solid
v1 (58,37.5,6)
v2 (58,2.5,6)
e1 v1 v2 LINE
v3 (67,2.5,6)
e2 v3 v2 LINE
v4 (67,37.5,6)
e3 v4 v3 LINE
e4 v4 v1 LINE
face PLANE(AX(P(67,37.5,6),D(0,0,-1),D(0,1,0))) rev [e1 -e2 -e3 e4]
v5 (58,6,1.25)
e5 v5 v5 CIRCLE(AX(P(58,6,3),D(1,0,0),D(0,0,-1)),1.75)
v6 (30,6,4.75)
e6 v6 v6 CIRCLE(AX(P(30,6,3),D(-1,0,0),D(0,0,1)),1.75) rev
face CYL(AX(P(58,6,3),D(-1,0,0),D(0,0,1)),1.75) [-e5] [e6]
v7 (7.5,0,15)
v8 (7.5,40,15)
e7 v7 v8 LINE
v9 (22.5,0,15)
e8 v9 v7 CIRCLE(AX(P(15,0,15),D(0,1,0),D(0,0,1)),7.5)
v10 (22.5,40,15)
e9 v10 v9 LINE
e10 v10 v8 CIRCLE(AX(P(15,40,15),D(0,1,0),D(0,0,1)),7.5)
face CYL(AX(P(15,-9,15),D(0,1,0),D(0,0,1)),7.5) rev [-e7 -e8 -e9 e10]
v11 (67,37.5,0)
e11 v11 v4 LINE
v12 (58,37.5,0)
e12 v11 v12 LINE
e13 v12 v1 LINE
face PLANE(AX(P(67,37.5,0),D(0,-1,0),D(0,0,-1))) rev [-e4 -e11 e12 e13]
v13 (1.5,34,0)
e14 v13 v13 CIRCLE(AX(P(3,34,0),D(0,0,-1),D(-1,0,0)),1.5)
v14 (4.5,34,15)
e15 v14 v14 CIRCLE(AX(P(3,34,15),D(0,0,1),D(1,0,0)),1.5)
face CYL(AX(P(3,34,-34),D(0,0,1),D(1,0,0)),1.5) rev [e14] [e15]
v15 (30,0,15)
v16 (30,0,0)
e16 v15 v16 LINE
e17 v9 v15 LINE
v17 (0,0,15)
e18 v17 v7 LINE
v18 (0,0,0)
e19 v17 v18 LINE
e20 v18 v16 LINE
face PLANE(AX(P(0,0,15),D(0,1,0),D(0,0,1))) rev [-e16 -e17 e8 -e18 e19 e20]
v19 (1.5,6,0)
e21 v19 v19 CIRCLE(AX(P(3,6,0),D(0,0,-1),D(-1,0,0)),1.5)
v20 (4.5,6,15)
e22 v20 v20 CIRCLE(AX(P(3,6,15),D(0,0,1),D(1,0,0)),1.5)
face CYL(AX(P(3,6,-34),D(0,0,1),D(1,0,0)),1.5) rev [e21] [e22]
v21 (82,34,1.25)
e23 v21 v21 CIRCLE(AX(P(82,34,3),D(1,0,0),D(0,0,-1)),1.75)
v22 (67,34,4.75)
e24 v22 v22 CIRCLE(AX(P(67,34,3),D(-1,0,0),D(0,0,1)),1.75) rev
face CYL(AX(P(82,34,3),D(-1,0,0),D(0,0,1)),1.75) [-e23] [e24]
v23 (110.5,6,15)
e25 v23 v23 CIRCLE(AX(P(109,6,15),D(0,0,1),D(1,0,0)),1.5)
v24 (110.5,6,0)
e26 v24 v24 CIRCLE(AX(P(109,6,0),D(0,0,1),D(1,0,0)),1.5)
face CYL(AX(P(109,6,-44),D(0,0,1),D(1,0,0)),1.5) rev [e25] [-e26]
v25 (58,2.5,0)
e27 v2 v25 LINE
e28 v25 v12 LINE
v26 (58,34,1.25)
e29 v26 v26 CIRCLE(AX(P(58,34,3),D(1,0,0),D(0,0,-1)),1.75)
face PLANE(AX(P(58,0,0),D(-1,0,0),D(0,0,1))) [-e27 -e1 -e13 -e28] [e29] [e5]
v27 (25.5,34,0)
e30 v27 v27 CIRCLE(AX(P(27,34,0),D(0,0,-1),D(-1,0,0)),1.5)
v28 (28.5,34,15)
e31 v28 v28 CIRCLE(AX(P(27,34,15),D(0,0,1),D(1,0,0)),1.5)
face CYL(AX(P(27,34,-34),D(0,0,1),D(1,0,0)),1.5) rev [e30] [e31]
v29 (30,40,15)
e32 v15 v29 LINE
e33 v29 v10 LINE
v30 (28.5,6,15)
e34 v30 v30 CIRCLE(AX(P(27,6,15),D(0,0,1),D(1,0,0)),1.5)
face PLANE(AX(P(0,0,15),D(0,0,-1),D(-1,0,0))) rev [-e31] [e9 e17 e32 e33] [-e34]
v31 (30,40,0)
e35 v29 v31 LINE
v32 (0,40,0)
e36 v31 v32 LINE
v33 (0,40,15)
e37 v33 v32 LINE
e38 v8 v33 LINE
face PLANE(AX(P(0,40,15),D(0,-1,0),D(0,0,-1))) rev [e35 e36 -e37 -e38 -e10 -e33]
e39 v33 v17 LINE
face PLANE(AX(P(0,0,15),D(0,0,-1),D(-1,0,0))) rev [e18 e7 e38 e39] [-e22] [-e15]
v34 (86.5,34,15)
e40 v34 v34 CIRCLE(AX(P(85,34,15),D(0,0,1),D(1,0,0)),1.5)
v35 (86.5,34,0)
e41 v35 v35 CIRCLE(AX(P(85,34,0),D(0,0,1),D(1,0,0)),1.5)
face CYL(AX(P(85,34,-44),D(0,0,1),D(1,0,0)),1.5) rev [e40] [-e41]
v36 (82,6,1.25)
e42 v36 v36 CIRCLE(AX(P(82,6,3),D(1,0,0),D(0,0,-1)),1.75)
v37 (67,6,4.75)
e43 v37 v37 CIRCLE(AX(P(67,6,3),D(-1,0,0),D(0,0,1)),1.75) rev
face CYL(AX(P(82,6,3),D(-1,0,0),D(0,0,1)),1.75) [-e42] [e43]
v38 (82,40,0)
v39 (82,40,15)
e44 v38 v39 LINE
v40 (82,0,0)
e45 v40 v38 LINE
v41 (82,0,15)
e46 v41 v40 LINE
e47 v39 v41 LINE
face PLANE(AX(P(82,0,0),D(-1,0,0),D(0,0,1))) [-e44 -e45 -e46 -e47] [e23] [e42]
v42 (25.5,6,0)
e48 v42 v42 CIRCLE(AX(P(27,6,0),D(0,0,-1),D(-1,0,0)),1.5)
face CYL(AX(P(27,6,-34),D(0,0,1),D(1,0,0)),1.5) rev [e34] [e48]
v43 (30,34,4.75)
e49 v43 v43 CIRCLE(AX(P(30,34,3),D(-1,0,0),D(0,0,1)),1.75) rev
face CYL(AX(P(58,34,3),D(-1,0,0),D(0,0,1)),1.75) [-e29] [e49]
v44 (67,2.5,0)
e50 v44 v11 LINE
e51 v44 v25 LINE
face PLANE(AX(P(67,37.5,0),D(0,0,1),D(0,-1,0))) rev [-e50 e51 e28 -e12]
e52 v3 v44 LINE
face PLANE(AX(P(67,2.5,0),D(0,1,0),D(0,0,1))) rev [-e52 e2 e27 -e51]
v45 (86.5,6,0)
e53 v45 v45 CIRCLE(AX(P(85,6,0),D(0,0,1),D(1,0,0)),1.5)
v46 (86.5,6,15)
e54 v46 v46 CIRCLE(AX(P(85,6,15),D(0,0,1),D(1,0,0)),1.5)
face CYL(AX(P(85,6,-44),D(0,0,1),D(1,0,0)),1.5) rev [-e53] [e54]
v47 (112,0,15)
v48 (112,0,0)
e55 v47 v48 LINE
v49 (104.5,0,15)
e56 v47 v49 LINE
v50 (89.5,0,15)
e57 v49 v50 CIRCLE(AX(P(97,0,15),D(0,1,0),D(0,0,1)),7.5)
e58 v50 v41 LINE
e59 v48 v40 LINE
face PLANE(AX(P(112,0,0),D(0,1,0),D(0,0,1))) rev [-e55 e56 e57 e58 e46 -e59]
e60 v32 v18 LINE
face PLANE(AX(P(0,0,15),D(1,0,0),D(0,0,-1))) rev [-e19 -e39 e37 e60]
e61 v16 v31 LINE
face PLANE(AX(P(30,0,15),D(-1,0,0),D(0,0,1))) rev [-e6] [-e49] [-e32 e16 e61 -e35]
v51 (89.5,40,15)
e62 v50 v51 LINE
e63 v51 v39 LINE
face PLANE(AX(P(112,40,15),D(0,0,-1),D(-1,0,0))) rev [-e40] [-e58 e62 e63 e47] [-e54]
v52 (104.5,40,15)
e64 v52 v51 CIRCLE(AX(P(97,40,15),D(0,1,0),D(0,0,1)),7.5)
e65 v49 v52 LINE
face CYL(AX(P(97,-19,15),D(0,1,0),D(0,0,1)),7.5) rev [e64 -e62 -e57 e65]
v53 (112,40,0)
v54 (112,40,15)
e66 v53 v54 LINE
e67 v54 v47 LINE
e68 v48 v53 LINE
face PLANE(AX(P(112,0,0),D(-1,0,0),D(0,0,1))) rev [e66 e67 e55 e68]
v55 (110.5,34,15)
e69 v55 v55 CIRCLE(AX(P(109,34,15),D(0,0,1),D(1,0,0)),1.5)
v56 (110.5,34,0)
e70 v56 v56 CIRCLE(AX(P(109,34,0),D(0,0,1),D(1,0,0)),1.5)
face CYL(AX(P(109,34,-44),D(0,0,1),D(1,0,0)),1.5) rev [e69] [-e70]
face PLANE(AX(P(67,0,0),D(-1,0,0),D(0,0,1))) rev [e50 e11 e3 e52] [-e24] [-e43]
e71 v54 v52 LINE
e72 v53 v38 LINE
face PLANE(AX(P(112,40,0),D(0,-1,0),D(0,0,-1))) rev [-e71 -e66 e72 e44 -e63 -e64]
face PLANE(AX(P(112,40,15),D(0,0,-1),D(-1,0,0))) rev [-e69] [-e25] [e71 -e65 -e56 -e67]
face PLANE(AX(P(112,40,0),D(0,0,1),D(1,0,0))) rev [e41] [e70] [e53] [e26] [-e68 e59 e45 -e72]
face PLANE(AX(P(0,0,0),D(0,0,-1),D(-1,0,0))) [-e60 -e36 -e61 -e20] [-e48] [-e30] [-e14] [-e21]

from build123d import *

# Parameters (mm, degrees)
SKETCH1_W           = 30
SKETCH1_H           = 40
BOSS_EXTRUDE1_DEPTH = 15
CUT_EXTRUDE1_DEPTH  = 49
SKETCH3_R           = 1.5
CUT_EXTRUDE2_DEPTH  = 49
SKETCH4_R           = 1.75
BOSS_EXTRUDE2_DEPTH = 28
SKETCH5_W           = 6
SKETCH5_H           = 35
BOSS_EXTRUDE3_DEPTH = 9
SKETCH6_R           = 1.75
BOSS_EXTRUDE4_DEPTH = 15
SKETCH7_W           = 15
SKETCH7_H           = 40
BOSS_EXTRUDE6_DEPTH = 30
CUT_EXTRUDE3_DEPTH  = 59
SKETCH10_R          = 1.5
CUT_EXTRUDE4_DEPTH  = 59


with BuildPart() as part:
    # Sketch1 → Boss-Extrude1 (new body)
    with BuildSketch(Plane.XY):
        with Locations((15, 20)):
            Rectangle(SKETCH1_W, SKETCH1_H)
    extrude(amount=BOSS_EXTRUDE1_DEPTH)

    # Sketch2 → Cut-Extrude1 (cut)
    with BuildSketch(Plane(origin=(0, 40, 0), x_dir=(1, 0, 0), z_dir=(0, 1, 0))):
        with BuildLine():
            Line((7.5, -15), (22.5, -15))
            ThreePointArc((22.5, -15), (15, -7.5), (7.5, -15))
        make_face()
    extrude(amount=-CUT_EXTRUDE1_DEPTH, mode=Mode.SUBTRACT)

    # Sketch3 → Cut-Extrude2 (cut)
    with BuildSketch(Plane.XY.offset(15)):
        with Locations((3, 34)):
            Circle(SKETCH3_R)
        with Locations((3, 6)):
            Circle(SKETCH3_R)
        with Locations((27, 34)):
            Circle(SKETCH3_R)
        with Locations((27, 6)):
            Circle(SKETCH3_R)
    extrude(amount=-CUT_EXTRUDE2_DEPTH, mode=Mode.SUBTRACT)

    # Sketch4 → Boss-Extrude2 (add)
    with BuildSketch(Plane(origin=(30, 0, 0), x_dir=(0, 0, -1), z_dir=(1, 0, 0))):
        with Locations(Location((-3, 34, 0), (0, 0, 180))):
            Circle(SKETCH4_R)
        with Locations(Location((-3, 6, 0), (0, 0, 180))):
            Circle(SKETCH4_R)
    extrude(amount=BOSS_EXTRUDE2_DEPTH)

    # Sketch5 → Boss-Extrude3 (add)
    with BuildSketch(Plane(origin=(58, 0, 0), x_dir=(0, 0, -1), z_dir=(1, 0, 0))):
        with Locations((-3, 20)):
            Rectangle(SKETCH5_W, SKETCH5_H)
    extrude(amount=BOSS_EXTRUDE3_DEPTH)

    # Sketch6 → Boss-Extrude4 (add)
    with BuildSketch(Plane(origin=(67, 0, 0), x_dir=(0, 0, -1), z_dir=(1, 0, 0))):
        with Locations(Location((-3, 34, 0), (0, 0, 180))):
            Circle(SKETCH6_R)
        with Locations(Location((-3, 6, 0), (0, 0, 180))):
            Circle(SKETCH6_R)
    extrude(amount=BOSS_EXTRUDE4_DEPTH)

    # Sketch7 → Boss-Extrude6 (add)
    with BuildSketch(Plane(origin=(82, 0, 0), x_dir=(0, 0, -1), z_dir=(1, 0, 0))):
        with Locations((-7.5, 20)):
            Rectangle(SKETCH7_W, SKETCH7_H)
    extrude(amount=BOSS_EXTRUDE6_DEPTH)

    # Sketch9 → Cut-Extrude3 (cut)
    with BuildSketch(Plane(origin=(0, 40, 0), x_dir=(1, 0, 0), z_dir=(0, 1, 0))):
        with BuildLine():
            Line((89.5, -15), (104.5, -15))
            ThreePointArc((104.5, -15), (97, -7.5), (89.5, -15))
        make_face()
    extrude(amount=-CUT_EXTRUDE3_DEPTH, mode=Mode.SUBTRACT)

    # Sketch10 → Cut-Extrude4 (cut)
    with BuildSketch(Plane.XY.offset(15)):
        with Locations((85, 34)):
            Circle(SKETCH10_R)
        with Locations((109, 34)):
            Circle(SKETCH10_R)
        with Locations((109, 6)):
            Circle(SKETCH10_R)
        with Locations((85, 6)):
            Circle(SKETCH10_R)
    extrude(amount=-CUT_EXTRUDE4_DEPTH, mode=Mode.SUBTRACT)


solid = part.part
